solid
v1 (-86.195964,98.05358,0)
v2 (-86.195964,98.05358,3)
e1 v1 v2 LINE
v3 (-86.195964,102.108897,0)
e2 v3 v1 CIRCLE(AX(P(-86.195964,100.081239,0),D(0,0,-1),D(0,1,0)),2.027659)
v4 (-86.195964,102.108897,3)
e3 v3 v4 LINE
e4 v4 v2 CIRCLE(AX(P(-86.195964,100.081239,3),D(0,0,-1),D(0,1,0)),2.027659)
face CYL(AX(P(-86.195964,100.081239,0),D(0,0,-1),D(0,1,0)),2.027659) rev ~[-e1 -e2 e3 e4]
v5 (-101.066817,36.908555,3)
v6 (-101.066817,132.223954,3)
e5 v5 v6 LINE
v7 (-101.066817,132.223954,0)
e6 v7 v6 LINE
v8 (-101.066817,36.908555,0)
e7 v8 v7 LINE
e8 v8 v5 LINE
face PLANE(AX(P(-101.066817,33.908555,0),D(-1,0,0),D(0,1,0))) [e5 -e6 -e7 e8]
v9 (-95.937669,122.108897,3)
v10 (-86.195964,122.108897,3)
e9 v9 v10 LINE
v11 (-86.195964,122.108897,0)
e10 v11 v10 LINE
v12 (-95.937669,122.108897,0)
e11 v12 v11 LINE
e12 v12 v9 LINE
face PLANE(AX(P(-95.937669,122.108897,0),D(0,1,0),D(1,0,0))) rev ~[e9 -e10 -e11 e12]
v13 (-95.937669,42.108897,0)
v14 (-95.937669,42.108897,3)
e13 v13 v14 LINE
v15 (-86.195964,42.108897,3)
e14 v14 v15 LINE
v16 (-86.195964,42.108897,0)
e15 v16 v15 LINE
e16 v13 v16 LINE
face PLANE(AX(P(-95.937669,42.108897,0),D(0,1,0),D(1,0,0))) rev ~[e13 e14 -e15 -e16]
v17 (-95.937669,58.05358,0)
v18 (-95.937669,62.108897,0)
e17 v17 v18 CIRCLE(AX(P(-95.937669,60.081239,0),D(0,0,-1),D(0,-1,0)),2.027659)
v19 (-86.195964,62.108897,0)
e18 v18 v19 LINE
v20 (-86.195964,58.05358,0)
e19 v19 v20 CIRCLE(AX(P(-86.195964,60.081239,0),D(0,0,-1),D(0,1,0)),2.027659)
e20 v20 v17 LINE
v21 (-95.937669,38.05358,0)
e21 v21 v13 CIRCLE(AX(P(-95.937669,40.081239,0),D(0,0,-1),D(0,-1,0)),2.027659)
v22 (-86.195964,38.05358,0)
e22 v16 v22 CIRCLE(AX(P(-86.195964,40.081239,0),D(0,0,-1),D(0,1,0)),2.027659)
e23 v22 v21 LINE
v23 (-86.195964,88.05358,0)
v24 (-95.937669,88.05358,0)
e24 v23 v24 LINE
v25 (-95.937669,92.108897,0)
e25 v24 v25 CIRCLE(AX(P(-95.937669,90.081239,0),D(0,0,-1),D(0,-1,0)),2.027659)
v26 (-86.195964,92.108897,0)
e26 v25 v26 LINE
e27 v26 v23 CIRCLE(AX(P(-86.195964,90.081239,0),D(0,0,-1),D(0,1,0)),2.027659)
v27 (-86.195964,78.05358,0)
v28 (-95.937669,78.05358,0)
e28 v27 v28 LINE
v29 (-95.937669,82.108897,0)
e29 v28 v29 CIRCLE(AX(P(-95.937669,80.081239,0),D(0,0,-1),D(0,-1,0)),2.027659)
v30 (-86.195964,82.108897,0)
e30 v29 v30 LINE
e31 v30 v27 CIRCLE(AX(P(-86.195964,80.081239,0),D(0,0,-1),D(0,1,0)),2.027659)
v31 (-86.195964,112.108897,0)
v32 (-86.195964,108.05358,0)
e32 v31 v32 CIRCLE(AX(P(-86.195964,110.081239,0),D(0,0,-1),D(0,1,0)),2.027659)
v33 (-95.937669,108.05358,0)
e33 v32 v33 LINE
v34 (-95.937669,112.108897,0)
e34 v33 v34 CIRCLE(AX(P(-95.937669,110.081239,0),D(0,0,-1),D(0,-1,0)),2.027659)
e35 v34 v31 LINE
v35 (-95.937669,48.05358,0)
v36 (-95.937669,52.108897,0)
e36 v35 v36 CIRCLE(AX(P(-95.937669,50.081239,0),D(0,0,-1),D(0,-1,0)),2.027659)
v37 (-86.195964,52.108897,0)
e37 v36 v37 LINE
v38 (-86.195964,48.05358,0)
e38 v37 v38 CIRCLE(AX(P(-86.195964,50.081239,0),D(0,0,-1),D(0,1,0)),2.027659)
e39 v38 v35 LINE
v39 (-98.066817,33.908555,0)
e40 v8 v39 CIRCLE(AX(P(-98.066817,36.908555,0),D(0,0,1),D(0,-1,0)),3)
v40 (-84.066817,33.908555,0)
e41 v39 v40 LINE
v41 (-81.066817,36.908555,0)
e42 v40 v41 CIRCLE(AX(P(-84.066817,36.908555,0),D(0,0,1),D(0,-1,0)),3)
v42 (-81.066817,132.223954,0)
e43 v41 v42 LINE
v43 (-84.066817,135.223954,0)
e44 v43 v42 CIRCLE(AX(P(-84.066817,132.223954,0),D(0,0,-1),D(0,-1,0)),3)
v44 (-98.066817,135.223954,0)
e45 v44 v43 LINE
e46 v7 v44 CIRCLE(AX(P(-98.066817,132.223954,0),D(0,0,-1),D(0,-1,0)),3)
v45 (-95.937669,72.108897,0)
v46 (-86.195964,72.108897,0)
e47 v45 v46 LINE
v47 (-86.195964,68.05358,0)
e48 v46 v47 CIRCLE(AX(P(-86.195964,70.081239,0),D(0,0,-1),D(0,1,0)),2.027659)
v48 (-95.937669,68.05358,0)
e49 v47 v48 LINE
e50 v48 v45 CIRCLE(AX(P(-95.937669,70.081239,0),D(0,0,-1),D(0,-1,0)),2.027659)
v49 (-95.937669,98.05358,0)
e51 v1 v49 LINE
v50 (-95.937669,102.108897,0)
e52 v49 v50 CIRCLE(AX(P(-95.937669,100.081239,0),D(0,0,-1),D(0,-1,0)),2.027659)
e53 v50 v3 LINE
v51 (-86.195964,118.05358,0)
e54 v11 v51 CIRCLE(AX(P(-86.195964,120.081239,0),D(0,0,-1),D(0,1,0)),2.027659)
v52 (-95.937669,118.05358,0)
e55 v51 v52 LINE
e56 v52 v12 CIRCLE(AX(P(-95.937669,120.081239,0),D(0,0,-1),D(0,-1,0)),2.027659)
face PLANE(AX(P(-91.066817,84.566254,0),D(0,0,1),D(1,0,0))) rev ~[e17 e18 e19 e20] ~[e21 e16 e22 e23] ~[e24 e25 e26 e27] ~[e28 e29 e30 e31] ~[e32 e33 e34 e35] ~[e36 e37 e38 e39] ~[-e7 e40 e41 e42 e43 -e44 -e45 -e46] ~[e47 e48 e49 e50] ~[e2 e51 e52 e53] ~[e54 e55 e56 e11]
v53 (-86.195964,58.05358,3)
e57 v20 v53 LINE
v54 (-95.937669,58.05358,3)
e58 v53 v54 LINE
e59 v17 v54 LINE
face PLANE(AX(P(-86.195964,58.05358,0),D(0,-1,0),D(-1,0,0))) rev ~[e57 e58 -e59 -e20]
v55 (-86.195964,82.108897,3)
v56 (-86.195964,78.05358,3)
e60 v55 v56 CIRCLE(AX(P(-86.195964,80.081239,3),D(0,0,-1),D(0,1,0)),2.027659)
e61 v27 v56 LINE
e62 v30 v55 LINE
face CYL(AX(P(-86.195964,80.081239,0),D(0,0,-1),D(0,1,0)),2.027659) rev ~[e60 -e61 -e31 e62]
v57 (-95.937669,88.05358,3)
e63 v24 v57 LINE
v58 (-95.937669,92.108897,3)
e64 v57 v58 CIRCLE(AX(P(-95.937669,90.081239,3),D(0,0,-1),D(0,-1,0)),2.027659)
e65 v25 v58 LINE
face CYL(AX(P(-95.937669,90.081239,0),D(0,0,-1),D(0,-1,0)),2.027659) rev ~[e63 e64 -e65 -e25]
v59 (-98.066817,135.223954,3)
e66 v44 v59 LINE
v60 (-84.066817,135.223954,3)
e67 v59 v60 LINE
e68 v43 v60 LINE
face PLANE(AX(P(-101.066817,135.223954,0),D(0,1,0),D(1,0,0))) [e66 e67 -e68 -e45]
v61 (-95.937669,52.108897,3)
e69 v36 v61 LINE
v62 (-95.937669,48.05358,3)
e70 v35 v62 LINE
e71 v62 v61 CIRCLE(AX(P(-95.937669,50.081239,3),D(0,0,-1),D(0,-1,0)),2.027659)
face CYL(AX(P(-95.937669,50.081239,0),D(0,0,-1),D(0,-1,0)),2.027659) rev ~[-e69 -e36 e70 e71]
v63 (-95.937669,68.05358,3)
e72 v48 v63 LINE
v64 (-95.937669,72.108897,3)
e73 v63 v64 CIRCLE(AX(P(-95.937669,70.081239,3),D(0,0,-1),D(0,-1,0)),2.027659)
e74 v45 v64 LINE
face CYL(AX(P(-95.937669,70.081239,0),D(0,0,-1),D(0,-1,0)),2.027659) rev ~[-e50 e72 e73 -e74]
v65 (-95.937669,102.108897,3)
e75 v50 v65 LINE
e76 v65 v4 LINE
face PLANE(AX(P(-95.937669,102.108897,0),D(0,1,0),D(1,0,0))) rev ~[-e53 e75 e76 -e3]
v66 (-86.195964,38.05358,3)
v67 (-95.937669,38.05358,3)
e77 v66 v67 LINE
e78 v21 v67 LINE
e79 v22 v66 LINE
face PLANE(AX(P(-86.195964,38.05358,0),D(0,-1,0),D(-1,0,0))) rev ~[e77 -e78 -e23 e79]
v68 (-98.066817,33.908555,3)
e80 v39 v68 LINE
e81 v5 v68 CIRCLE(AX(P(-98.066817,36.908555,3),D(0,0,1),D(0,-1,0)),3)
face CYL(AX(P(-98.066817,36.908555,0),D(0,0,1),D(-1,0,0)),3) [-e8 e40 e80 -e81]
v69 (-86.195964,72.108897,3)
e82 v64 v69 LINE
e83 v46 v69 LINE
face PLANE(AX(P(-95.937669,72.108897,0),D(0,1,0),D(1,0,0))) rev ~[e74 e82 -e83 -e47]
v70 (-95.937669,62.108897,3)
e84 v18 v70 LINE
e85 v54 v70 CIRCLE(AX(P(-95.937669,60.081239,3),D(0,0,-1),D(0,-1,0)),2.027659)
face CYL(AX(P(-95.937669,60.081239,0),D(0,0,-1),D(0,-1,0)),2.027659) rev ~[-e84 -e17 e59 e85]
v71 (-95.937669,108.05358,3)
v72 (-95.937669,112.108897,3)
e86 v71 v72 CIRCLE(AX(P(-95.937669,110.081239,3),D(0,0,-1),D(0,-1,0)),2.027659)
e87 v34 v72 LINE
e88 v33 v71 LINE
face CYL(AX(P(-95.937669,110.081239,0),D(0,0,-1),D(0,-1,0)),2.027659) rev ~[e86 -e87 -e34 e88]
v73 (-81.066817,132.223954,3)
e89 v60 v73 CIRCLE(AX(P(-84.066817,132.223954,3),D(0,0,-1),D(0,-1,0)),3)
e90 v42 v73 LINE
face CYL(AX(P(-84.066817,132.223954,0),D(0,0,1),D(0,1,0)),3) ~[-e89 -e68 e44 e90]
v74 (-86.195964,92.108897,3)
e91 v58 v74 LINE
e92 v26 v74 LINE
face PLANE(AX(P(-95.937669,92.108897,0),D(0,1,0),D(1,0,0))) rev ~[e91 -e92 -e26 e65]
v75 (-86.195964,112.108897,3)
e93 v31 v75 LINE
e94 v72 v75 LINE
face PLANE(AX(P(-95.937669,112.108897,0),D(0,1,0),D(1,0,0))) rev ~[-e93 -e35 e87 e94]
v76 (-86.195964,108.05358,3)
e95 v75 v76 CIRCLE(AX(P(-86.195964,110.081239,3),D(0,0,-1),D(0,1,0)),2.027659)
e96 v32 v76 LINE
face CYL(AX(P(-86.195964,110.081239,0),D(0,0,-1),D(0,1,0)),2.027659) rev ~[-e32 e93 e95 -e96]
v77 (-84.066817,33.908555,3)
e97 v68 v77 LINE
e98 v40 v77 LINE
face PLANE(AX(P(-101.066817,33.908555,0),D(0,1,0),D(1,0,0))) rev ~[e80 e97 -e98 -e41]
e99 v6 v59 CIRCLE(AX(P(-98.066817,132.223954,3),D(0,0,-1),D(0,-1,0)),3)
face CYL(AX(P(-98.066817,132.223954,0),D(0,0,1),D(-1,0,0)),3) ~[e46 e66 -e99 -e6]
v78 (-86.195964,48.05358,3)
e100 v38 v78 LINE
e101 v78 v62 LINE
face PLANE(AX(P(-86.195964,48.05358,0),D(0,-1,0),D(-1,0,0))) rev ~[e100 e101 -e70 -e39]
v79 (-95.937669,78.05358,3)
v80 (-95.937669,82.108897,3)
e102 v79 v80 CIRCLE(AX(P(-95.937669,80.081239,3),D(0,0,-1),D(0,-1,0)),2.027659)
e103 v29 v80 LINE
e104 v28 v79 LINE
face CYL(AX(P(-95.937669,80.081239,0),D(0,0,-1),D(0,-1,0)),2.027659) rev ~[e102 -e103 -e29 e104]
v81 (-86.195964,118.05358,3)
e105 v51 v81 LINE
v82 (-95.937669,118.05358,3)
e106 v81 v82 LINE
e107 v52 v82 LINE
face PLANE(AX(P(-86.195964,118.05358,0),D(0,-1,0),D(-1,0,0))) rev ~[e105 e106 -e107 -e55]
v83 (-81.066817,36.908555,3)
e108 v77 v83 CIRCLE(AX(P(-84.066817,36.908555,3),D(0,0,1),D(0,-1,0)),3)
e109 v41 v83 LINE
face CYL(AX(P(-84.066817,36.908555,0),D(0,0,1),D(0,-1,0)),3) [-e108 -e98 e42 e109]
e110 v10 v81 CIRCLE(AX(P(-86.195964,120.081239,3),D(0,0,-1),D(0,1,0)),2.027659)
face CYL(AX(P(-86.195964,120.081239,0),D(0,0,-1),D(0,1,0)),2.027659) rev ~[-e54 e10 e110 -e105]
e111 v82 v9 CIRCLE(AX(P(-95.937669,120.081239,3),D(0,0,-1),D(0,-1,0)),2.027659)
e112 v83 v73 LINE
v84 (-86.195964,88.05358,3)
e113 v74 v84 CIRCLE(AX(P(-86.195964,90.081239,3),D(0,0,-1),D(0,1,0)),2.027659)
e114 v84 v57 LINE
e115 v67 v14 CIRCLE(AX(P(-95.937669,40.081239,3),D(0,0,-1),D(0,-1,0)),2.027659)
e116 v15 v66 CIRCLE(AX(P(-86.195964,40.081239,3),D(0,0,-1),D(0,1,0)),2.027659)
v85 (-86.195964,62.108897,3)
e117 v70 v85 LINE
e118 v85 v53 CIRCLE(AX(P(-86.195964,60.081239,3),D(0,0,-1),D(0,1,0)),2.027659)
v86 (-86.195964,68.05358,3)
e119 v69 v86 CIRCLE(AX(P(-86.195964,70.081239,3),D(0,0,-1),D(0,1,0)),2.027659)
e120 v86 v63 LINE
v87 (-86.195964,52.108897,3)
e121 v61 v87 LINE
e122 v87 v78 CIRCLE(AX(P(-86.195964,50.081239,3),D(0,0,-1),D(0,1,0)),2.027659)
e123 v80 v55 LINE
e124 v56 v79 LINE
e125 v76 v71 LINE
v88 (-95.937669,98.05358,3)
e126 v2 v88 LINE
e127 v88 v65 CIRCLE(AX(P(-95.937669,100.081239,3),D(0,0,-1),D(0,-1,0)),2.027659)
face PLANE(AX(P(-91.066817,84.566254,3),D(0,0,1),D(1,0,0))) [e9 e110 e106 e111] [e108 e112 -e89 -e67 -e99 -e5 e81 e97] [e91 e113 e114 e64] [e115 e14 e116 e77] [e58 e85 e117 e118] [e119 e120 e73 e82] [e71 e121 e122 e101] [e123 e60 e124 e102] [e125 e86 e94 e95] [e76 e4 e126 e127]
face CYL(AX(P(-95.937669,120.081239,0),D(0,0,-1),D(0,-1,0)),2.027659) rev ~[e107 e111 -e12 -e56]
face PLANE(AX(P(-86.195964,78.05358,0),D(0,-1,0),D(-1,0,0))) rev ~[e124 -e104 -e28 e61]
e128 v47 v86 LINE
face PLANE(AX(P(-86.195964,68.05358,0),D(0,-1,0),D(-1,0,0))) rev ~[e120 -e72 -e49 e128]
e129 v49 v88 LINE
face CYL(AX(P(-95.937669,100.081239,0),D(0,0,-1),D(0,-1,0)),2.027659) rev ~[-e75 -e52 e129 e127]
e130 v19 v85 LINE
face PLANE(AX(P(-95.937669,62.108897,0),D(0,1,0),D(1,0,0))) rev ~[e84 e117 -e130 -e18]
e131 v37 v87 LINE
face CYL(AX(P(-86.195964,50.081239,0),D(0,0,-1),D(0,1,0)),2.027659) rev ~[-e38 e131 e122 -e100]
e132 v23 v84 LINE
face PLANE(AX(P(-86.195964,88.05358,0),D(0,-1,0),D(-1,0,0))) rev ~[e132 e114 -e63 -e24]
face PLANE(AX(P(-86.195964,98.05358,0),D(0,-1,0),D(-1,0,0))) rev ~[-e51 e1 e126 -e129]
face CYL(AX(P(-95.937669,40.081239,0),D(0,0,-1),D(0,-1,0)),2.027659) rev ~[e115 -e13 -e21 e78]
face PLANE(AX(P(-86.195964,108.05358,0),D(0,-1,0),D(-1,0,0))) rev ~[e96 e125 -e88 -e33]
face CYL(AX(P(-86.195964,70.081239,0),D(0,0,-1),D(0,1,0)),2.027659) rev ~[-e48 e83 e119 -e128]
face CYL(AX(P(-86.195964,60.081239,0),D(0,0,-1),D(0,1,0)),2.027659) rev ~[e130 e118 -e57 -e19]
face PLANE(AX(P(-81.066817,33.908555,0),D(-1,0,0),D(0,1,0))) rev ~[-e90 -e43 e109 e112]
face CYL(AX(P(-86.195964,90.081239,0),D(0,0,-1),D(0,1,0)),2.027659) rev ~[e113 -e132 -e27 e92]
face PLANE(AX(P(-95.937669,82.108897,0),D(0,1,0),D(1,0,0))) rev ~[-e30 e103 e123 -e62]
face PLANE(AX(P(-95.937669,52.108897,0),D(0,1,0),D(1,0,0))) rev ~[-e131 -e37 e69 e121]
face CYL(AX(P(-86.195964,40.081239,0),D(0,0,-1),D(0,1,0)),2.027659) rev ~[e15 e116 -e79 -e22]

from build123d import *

# Parameters (mm, degrees)
SKETCH1_W           = 20
SKETCH1_H           = 101.315398587
BOSS_EXTRUDE1_DEPTH = 3
FILLET1_R           = 3


with BuildPart() as part:
    # Sketch1 → Boss-Extrude1 (new body)
    with BuildSketch(Plane.XY):
        with Locations((-91.066816784, 84.566254488)):
            Rectangle(SKETCH1_W, SKETCH1_H)
        with BuildLine():
            Line((-86.19596438, 38.053580074), (-95.937669189, 38.053580074))
            ThreePointArc((-95.937669189, 38.053580074), (-97.965327886, 40.081238771), (-95.937669189, 42.108897468))
            Line((-95.937669189, 42.108897468), (-86.19596438, 42.108897468))
            ThreePointArc((-86.19596438, 42.108897468), (-84.168305683, 40.081238771), (-86.19596438, 38.053580074))
        make_face(mode=Mode.SUBTRACT)
        with BuildLine():
            Line((-86.19596438, 48.053580074), (-95.937669189, 48.053580074))
            ThreePointArc((-95.937669189, 48.053580074), (-97.965327886, 50.081238771), (-95.937669189, 52.108897468))
            Line((-95.937669189, 52.108897468), (-86.19596438, 52.108897468))
            ThreePointArc((-86.19596438, 52.108897468), (-84.168305683, 50.081238771), (-86.19596438, 48.053580074))
        make_face(mode=Mode.SUBTRACT)
        with BuildLine():
            Line((-86.19596438, 58.053580074), (-95.937669189, 58.053580074))
            ThreePointArc((-95.937669189, 58.053580074), (-97.965327886, 60.081238771), (-95.937669189, 62.108897468))
            Line((-95.937669189, 62.108897468), (-86.19596438, 62.108897468))
            ThreePointArc((-86.19596438, 62.108897468), (-84.168305683, 60.081238771), (-86.19596438, 58.053580074))
        make_face(mode=Mode.SUBTRACT)
        with BuildLine():
            Line((-86.19596438, 68.053580074), (-95.937669189, 68.053580074))
            ThreePointArc((-95.937669189, 68.053580074), (-97.965327886, 70.081238771), (-95.937669189, 72.108897468))
            Line((-95.937669189, 72.108897468), (-86.19596438, 72.108897468))
            ThreePointArc((-86.19596438, 72.108897468), (-84.168305683, 70.081238771), (-86.19596438, 68.053580074))
        make_face(mode=Mode.SUBTRACT)
        with BuildLine():
            Line((-86.19596438, 78.053580074), (-95.937669189, 78.053580074))
            ThreePointArc((-95.937669189, 78.053580074), (-97.965327886, 80.081238771), (-95.937669189, 82.108897468))
            Line((-95.937669189, 82.108897468), (-86.19596438, 82.108897468))
            ThreePointArc((-86.19596438, 82.108897468), (-84.168305683, 80.081238771), (-86.19596438, 78.053580074))
        make_face(mode=Mode.SUBTRACT)
        with BuildLine():
            Line((-86.19596438, 88.053580074), (-95.937669189, 88.053580074))
            ThreePointArc((-95.937669189, 88.053580074), (-97.965327886, 90.081238771), (-95.937669189, 92.108897468))
            Line((-95.937669189, 92.108897468), (-86.19596438, 92.108897468))
            ThreePointArc((-86.19596438, 92.108897468), (-84.168305683, 90.081238771), (-86.19596438, 88.053580074))
        make_face(mode=Mode.SUBTRACT)
        with BuildLine():
            Line((-86.19596438, 98.053580074), (-95.937669189, 98.053580074))
            ThreePointArc((-95.937669189, 98.053580074), (-97.965327886, 100.081238771), (-95.937669189, 102.108897468))
            Line((-95.937669189, 102.108897468), (-86.19596438, 102.108897468))
            ThreePointArc((-86.19596438, 102.108897468), (-84.168305683, 100.081238771), (-86.19596438, 98.053580074))
        make_face(mode=Mode.SUBTRACT)
        with BuildLine():
            Line((-86.19596438, 108.053580074), (-95.937669189, 108.053580074))
            ThreePointArc((-95.937669189, 108.053580074), (-97.965327886, 110.081238771), (-95.937669189, 112.108897468))
            Line((-95.937669189, 112.108897468), (-86.19596438, 112.108897468))
            ThreePointArc((-86.19596438, 112.108897468), (-84.168305683, 110.081238771), (-86.19596438, 108.053580074))
        make_face(mode=Mode.SUBTRACT)
        with BuildLine():
            Line((-86.19596438, 118.053580074), (-95.937669189, 118.053580074))
            ThreePointArc((-95.937669189, 118.053580074), (-97.965327886, 120.081238771), (-95.937669189, 122.108897468))
            Line((-95.937669189, 122.108897468), (-86.19596438, 122.108897468))
            ThreePointArc((-86.19596438, 122.108897468), (-84.168305683, 120.081238771), (-86.19596438, 118.053580074))
        make_face(mode=Mode.SUBTRACT)
    extrude(amount=BOSS_EXTRUDE1_DEPTH)

    # Fillet1
    fillet1_edges = [part.edges().sort_by_distance(p)[0] for p in [
        (-101.066816784, 135.223953781, 1.5),
        (-81.066816784, 135.223953781, 1.5),
        (-81.066816784, 33.908555194, 1.5),
        (-101.066816784, 33.908555194, 1.5),
    ]]
    fillet(fillet1_edges, radius=FILLET1_R)


solid = part.part
